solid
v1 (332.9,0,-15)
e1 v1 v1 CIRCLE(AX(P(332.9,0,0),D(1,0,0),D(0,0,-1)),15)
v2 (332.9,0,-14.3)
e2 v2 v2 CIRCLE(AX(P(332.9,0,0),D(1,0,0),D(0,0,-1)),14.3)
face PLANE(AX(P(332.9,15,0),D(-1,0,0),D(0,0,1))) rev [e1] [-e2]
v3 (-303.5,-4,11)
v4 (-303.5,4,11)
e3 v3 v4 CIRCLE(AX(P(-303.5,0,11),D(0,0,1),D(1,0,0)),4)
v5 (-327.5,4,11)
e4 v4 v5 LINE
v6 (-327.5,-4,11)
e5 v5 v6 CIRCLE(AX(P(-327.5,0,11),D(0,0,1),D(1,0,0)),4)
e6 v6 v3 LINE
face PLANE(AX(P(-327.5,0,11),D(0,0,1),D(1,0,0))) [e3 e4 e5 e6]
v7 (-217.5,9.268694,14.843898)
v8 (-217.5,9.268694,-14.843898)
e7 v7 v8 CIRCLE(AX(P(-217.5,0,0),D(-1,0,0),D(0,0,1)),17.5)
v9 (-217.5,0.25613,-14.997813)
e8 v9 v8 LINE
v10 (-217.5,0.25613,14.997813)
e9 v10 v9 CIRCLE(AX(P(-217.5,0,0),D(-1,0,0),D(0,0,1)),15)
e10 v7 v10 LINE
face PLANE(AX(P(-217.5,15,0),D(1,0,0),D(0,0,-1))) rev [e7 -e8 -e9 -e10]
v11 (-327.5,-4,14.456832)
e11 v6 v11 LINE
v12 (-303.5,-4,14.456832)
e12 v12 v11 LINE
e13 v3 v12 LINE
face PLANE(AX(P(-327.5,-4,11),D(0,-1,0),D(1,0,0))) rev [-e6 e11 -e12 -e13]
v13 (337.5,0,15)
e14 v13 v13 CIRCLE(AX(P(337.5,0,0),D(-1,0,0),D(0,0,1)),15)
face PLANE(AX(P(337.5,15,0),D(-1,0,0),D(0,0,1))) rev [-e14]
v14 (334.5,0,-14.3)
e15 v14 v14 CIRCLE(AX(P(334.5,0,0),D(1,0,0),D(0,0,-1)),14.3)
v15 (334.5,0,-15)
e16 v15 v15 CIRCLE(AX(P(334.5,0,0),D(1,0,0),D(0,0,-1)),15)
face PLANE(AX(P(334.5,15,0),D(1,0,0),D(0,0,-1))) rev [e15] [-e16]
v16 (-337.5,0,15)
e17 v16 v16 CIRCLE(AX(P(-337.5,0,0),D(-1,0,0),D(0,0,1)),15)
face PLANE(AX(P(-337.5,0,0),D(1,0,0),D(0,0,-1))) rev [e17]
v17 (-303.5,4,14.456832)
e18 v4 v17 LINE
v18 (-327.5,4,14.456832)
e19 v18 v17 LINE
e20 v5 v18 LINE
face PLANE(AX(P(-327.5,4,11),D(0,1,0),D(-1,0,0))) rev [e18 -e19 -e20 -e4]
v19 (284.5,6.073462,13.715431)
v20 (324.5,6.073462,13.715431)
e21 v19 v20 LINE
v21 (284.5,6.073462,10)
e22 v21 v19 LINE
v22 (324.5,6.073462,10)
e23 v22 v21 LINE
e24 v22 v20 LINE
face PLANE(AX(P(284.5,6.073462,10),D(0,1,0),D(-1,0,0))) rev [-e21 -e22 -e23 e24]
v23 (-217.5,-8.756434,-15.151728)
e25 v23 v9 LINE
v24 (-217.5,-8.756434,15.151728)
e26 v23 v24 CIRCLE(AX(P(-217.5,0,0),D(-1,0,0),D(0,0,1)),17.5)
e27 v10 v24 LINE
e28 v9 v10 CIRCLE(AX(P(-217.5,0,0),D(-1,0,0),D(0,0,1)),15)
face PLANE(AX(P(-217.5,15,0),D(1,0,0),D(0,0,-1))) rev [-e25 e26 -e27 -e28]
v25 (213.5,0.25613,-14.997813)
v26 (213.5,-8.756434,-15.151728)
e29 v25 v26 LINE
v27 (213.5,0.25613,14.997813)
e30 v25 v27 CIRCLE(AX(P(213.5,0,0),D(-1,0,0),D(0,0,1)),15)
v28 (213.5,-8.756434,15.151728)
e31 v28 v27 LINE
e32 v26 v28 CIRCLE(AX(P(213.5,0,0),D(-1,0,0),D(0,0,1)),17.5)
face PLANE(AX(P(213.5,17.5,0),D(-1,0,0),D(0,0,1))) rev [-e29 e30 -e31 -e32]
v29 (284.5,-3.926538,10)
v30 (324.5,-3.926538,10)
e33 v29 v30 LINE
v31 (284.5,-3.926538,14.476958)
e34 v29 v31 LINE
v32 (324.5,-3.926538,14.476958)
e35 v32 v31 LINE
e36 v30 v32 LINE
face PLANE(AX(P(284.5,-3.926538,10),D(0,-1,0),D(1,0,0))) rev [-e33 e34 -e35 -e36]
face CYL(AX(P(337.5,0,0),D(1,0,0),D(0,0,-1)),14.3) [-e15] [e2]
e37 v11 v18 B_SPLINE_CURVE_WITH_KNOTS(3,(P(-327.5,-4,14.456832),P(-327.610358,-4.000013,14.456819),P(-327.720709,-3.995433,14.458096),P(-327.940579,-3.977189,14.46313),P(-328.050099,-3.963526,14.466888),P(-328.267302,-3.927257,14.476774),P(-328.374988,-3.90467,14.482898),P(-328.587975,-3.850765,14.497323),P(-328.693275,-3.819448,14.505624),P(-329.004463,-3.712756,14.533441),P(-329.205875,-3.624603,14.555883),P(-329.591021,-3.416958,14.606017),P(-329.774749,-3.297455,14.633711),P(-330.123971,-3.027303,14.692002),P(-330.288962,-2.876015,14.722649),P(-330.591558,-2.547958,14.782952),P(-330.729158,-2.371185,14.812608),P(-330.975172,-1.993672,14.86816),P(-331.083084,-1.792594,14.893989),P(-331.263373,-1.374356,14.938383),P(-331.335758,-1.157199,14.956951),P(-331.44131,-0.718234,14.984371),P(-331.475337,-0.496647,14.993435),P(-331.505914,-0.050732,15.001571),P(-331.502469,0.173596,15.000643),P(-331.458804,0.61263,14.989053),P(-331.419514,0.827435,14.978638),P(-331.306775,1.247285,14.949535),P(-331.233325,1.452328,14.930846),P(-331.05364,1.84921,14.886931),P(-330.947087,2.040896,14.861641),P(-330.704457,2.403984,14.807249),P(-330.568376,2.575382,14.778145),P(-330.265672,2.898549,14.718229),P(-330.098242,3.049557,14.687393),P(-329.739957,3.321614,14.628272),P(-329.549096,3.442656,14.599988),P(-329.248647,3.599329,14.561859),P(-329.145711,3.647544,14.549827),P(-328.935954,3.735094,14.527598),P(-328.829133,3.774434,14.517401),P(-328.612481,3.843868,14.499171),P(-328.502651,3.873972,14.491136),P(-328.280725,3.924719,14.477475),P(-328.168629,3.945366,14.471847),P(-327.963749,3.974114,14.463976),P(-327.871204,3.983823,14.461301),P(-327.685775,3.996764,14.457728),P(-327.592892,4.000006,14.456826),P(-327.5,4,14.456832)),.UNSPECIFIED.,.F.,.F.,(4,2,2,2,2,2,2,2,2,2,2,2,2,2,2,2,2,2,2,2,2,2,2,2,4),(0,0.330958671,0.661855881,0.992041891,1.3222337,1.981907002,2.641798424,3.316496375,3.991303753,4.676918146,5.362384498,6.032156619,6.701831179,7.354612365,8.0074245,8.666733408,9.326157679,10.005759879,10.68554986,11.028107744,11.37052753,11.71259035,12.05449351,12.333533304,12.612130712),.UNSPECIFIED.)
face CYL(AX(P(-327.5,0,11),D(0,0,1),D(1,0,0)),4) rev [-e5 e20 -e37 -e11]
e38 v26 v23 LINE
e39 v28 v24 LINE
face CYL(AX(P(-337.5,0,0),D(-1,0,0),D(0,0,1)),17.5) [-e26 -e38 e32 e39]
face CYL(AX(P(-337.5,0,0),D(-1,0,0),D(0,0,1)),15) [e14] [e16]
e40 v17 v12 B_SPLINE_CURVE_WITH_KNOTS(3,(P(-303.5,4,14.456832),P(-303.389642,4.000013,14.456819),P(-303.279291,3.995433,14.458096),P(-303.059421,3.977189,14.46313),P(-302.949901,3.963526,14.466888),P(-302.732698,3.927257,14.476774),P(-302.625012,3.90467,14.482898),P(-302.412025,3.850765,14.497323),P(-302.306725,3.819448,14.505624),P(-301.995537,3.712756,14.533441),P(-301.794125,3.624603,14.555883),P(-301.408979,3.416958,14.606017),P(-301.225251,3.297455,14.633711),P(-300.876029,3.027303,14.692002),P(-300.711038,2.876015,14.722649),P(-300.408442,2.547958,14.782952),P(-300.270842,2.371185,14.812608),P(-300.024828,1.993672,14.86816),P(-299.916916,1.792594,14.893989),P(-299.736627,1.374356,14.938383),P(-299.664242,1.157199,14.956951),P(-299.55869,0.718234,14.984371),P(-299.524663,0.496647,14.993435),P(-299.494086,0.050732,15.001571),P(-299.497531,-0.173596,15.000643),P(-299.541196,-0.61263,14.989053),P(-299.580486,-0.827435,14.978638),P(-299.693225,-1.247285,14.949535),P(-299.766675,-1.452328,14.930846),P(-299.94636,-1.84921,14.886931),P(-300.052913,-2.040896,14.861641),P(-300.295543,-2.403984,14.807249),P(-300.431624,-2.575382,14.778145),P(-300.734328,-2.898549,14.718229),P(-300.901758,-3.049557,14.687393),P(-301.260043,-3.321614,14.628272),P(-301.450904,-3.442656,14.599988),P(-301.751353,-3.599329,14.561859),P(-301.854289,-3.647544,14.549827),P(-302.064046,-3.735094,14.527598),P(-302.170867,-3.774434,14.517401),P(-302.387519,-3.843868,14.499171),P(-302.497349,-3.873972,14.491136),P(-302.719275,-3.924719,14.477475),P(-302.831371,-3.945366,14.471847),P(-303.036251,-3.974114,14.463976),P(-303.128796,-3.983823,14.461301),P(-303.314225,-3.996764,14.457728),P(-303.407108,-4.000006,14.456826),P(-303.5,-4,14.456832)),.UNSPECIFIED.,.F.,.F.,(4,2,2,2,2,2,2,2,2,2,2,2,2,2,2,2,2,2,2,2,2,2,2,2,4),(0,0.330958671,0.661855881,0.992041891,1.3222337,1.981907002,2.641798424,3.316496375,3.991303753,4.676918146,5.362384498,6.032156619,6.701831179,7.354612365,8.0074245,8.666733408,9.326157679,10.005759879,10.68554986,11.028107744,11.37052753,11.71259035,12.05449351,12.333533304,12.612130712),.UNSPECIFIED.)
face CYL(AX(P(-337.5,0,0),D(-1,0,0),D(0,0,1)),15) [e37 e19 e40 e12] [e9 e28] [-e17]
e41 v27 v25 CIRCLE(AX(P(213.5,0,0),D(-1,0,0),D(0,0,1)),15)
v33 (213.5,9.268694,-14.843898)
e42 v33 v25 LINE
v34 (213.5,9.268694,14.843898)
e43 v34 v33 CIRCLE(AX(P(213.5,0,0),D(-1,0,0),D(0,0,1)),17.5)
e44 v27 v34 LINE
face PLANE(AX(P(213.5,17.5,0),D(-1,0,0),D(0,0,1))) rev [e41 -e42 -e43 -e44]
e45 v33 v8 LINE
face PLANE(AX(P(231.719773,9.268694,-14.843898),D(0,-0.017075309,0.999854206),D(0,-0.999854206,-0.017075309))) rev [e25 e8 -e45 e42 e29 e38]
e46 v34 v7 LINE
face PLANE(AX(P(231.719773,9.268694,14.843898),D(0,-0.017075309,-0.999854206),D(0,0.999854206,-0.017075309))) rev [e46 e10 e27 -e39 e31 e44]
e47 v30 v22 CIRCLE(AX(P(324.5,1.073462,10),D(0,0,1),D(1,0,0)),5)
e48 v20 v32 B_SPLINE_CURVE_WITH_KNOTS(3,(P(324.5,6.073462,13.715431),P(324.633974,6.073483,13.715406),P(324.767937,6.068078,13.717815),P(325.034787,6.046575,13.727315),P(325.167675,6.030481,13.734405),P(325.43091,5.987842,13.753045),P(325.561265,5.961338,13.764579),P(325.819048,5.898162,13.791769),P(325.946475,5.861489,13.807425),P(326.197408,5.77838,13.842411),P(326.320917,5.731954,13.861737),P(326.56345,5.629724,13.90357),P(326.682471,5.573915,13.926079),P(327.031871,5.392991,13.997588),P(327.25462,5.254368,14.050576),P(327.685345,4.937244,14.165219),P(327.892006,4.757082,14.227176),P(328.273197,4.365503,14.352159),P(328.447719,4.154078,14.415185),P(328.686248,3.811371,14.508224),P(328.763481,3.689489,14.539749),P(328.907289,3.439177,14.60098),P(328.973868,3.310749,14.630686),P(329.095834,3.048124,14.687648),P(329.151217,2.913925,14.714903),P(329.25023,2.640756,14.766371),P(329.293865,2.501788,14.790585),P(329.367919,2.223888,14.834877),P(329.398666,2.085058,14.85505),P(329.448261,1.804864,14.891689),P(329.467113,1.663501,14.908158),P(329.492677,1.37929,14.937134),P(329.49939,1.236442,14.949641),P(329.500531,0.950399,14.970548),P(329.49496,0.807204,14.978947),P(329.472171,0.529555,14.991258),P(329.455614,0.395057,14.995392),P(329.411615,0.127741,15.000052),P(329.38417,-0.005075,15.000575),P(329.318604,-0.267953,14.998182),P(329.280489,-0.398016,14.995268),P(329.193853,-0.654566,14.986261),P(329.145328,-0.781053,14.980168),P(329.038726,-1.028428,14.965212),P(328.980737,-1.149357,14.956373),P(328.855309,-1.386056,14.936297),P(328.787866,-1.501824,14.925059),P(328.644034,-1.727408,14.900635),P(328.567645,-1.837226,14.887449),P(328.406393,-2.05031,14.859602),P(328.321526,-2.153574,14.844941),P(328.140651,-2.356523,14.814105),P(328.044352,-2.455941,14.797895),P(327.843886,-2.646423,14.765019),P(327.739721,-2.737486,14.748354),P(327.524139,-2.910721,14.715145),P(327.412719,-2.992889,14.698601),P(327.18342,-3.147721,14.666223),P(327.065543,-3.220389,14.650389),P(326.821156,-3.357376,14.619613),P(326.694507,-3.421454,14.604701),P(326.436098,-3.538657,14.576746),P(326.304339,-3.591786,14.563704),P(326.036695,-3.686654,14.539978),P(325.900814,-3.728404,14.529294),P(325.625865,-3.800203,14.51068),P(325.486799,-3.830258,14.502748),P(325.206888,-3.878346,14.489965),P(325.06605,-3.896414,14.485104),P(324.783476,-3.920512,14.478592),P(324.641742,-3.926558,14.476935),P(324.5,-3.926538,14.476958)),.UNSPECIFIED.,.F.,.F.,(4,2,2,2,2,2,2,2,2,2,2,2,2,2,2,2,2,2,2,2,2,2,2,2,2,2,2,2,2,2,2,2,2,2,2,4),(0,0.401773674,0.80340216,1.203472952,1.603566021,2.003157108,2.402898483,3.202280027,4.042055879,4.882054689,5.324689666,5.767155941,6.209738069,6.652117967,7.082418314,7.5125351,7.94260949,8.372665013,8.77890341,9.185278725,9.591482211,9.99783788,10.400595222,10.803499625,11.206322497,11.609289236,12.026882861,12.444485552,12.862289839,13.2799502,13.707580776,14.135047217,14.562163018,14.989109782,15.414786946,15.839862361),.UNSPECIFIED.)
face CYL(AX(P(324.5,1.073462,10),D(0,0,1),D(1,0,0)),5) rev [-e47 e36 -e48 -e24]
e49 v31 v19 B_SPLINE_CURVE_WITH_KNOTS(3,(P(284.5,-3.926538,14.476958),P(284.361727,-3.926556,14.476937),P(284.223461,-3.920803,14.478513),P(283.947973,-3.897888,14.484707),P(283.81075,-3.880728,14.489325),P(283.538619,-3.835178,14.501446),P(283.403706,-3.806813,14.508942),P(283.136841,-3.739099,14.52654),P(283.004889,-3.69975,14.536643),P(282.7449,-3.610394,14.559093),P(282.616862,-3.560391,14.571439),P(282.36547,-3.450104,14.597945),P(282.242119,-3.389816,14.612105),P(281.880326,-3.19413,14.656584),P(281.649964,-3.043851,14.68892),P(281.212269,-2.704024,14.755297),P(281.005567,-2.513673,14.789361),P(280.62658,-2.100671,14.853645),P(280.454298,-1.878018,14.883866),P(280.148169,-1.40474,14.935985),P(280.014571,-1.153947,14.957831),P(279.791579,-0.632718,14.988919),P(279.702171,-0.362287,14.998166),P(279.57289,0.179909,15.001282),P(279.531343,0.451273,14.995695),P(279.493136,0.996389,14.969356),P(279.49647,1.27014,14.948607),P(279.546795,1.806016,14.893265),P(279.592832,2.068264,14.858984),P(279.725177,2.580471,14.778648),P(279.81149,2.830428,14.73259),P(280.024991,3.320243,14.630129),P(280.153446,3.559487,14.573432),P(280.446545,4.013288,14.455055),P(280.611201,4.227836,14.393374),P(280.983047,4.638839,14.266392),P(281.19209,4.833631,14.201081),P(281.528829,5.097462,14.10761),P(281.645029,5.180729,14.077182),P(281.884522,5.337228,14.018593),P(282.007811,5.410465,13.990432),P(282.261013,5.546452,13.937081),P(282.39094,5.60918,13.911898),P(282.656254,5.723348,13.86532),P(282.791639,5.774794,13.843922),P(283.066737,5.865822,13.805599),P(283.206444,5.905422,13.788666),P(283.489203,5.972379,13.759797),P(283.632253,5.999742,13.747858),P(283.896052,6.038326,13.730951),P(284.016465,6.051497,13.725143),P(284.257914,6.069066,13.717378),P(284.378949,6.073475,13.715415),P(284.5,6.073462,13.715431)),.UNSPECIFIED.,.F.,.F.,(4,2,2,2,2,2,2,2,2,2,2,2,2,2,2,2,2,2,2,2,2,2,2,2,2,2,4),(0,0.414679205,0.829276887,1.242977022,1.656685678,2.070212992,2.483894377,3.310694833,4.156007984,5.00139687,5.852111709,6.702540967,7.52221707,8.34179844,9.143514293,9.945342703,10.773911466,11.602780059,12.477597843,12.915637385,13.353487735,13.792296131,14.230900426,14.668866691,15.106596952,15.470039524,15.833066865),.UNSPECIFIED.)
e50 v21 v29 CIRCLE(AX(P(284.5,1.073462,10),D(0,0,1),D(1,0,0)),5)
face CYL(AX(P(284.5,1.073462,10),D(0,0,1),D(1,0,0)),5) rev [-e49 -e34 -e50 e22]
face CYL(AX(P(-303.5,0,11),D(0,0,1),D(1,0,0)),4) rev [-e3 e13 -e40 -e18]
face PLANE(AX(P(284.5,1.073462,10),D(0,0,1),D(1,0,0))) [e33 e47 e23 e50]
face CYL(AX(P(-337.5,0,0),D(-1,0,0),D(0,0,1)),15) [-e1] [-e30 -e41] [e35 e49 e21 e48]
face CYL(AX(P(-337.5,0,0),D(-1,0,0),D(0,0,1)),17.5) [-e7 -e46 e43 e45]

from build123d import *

# Parameters (mm, degrees)
KES_EKSTR_ZYON1_DEPTH = 431
KES_EKSTR_ZYON2_DEPTH = 4
IZIM4_W               = 1.6
IZIM4_H               = 0.7
KES_EKSTR_ZYON3_DEPTH = 5


with BuildPart() as part:
    # Çizim1 → Döndür1 (revolve)
    with BuildSketch(Plane.XY, mode=Mode.PRIVATE) as d_nd_r1_sk:
        Polygon((-337.5, 0), (337.5, 0), (337.5, 15), (213.5, 15), (213.5, 17.5), (-217.5, 17.5), (-217.5, 15), (-337.5, 15), align=None)
    revolve(d_nd_r1_sk.sketch.rotate(Axis((-337.5, 0, 0), (1, 0, 0)), 90), axis=Axis((-337.5, 0, 0), (1, 0, 0)))

    # Çizim2 → Kes-Ekstrüzyon1 (cut)
    with BuildSketch(Plane.ZY.offset(217.5)):
        with BuildLine():
            Line((-14.843898339, 9.268693657), (-15.15172785, -8.756434386))
            ThreePointArc((-15.15172785, -8.756434386), (-17.49744861, 0.298817908), (-14.843898339, 9.268693657))
        make_face()
        with BuildLine():
            Line((14.843898339, 9.268693657), (15.15172785, -8.756434386))
            ThreePointArc((15.15172785, -8.756434386), (17.49744861, 0.298817908), (14.843898339, 9.268693657))
        make_face()
    extrude(amount=-KES_EKSTR_ZYON1_DEPTH, mode=Mode.SUBTRACT)

    # Çizim3 → Kes-Ekstrüzyon2 (cut)
    with BuildSketch(Plane.XY.offset(15)):
        with BuildLine():
            Line((-327.5, 4), (-303.5, 4))
            ThreePointArc((-303.5, 4), (-299.5, 0), (-303.5, -4))
            Line((-303.5, -4), (-327.5, -4))
            ThreePointArc((-327.5, -4), (-331.5, 0), (-327.5, 4))
        make_face()
    extrude(amount=-KES_EKSTR_ZYON2_DEPTH, mode=Mode.SUBTRACT)

    # Çizim4 → Kes-Döndür1 (revolve, cut)
    with BuildSketch(Plane.XY, mode=Mode.PRIVATE) as kes_d_nd_r1_sk:
        with Locations((333.7, 14.65)):
            Rectangle(IZIM4_W, IZIM4_H)
    revolve(kes_d_nd_r1_sk.sketch.rotate(Axis((337.5, 0, 0), (-1, 0, 0)), 270), axis=Axis((337.5, 0, 0), (-1, 0, 0)), mode=Mode.SUBTRACT)

    # Çizim5 → Kes-Ekstrüzyon3 (cut)
    with BuildSketch(Plane.XY.offset(15)):
        with BuildLine():
            Line((284.5, 6.07346209), (324.5, 6.07346209))
            ThreePointArc((324.5, 6.07346209), (329.5, 1.07346209), (324.5, -3.92653791))
            Line((324.5, -3.92653791), (284.5, -3.92653791))
            ThreePointArc((284.5, -3.92653791), (279.5, 1.07346209), (284.5, 6.07346209))
        make_face()
    extrude(amount=-KES_EKSTR_ZYON3_DEPTH, mode=Mode.SUBTRACT)


solid = part.part
